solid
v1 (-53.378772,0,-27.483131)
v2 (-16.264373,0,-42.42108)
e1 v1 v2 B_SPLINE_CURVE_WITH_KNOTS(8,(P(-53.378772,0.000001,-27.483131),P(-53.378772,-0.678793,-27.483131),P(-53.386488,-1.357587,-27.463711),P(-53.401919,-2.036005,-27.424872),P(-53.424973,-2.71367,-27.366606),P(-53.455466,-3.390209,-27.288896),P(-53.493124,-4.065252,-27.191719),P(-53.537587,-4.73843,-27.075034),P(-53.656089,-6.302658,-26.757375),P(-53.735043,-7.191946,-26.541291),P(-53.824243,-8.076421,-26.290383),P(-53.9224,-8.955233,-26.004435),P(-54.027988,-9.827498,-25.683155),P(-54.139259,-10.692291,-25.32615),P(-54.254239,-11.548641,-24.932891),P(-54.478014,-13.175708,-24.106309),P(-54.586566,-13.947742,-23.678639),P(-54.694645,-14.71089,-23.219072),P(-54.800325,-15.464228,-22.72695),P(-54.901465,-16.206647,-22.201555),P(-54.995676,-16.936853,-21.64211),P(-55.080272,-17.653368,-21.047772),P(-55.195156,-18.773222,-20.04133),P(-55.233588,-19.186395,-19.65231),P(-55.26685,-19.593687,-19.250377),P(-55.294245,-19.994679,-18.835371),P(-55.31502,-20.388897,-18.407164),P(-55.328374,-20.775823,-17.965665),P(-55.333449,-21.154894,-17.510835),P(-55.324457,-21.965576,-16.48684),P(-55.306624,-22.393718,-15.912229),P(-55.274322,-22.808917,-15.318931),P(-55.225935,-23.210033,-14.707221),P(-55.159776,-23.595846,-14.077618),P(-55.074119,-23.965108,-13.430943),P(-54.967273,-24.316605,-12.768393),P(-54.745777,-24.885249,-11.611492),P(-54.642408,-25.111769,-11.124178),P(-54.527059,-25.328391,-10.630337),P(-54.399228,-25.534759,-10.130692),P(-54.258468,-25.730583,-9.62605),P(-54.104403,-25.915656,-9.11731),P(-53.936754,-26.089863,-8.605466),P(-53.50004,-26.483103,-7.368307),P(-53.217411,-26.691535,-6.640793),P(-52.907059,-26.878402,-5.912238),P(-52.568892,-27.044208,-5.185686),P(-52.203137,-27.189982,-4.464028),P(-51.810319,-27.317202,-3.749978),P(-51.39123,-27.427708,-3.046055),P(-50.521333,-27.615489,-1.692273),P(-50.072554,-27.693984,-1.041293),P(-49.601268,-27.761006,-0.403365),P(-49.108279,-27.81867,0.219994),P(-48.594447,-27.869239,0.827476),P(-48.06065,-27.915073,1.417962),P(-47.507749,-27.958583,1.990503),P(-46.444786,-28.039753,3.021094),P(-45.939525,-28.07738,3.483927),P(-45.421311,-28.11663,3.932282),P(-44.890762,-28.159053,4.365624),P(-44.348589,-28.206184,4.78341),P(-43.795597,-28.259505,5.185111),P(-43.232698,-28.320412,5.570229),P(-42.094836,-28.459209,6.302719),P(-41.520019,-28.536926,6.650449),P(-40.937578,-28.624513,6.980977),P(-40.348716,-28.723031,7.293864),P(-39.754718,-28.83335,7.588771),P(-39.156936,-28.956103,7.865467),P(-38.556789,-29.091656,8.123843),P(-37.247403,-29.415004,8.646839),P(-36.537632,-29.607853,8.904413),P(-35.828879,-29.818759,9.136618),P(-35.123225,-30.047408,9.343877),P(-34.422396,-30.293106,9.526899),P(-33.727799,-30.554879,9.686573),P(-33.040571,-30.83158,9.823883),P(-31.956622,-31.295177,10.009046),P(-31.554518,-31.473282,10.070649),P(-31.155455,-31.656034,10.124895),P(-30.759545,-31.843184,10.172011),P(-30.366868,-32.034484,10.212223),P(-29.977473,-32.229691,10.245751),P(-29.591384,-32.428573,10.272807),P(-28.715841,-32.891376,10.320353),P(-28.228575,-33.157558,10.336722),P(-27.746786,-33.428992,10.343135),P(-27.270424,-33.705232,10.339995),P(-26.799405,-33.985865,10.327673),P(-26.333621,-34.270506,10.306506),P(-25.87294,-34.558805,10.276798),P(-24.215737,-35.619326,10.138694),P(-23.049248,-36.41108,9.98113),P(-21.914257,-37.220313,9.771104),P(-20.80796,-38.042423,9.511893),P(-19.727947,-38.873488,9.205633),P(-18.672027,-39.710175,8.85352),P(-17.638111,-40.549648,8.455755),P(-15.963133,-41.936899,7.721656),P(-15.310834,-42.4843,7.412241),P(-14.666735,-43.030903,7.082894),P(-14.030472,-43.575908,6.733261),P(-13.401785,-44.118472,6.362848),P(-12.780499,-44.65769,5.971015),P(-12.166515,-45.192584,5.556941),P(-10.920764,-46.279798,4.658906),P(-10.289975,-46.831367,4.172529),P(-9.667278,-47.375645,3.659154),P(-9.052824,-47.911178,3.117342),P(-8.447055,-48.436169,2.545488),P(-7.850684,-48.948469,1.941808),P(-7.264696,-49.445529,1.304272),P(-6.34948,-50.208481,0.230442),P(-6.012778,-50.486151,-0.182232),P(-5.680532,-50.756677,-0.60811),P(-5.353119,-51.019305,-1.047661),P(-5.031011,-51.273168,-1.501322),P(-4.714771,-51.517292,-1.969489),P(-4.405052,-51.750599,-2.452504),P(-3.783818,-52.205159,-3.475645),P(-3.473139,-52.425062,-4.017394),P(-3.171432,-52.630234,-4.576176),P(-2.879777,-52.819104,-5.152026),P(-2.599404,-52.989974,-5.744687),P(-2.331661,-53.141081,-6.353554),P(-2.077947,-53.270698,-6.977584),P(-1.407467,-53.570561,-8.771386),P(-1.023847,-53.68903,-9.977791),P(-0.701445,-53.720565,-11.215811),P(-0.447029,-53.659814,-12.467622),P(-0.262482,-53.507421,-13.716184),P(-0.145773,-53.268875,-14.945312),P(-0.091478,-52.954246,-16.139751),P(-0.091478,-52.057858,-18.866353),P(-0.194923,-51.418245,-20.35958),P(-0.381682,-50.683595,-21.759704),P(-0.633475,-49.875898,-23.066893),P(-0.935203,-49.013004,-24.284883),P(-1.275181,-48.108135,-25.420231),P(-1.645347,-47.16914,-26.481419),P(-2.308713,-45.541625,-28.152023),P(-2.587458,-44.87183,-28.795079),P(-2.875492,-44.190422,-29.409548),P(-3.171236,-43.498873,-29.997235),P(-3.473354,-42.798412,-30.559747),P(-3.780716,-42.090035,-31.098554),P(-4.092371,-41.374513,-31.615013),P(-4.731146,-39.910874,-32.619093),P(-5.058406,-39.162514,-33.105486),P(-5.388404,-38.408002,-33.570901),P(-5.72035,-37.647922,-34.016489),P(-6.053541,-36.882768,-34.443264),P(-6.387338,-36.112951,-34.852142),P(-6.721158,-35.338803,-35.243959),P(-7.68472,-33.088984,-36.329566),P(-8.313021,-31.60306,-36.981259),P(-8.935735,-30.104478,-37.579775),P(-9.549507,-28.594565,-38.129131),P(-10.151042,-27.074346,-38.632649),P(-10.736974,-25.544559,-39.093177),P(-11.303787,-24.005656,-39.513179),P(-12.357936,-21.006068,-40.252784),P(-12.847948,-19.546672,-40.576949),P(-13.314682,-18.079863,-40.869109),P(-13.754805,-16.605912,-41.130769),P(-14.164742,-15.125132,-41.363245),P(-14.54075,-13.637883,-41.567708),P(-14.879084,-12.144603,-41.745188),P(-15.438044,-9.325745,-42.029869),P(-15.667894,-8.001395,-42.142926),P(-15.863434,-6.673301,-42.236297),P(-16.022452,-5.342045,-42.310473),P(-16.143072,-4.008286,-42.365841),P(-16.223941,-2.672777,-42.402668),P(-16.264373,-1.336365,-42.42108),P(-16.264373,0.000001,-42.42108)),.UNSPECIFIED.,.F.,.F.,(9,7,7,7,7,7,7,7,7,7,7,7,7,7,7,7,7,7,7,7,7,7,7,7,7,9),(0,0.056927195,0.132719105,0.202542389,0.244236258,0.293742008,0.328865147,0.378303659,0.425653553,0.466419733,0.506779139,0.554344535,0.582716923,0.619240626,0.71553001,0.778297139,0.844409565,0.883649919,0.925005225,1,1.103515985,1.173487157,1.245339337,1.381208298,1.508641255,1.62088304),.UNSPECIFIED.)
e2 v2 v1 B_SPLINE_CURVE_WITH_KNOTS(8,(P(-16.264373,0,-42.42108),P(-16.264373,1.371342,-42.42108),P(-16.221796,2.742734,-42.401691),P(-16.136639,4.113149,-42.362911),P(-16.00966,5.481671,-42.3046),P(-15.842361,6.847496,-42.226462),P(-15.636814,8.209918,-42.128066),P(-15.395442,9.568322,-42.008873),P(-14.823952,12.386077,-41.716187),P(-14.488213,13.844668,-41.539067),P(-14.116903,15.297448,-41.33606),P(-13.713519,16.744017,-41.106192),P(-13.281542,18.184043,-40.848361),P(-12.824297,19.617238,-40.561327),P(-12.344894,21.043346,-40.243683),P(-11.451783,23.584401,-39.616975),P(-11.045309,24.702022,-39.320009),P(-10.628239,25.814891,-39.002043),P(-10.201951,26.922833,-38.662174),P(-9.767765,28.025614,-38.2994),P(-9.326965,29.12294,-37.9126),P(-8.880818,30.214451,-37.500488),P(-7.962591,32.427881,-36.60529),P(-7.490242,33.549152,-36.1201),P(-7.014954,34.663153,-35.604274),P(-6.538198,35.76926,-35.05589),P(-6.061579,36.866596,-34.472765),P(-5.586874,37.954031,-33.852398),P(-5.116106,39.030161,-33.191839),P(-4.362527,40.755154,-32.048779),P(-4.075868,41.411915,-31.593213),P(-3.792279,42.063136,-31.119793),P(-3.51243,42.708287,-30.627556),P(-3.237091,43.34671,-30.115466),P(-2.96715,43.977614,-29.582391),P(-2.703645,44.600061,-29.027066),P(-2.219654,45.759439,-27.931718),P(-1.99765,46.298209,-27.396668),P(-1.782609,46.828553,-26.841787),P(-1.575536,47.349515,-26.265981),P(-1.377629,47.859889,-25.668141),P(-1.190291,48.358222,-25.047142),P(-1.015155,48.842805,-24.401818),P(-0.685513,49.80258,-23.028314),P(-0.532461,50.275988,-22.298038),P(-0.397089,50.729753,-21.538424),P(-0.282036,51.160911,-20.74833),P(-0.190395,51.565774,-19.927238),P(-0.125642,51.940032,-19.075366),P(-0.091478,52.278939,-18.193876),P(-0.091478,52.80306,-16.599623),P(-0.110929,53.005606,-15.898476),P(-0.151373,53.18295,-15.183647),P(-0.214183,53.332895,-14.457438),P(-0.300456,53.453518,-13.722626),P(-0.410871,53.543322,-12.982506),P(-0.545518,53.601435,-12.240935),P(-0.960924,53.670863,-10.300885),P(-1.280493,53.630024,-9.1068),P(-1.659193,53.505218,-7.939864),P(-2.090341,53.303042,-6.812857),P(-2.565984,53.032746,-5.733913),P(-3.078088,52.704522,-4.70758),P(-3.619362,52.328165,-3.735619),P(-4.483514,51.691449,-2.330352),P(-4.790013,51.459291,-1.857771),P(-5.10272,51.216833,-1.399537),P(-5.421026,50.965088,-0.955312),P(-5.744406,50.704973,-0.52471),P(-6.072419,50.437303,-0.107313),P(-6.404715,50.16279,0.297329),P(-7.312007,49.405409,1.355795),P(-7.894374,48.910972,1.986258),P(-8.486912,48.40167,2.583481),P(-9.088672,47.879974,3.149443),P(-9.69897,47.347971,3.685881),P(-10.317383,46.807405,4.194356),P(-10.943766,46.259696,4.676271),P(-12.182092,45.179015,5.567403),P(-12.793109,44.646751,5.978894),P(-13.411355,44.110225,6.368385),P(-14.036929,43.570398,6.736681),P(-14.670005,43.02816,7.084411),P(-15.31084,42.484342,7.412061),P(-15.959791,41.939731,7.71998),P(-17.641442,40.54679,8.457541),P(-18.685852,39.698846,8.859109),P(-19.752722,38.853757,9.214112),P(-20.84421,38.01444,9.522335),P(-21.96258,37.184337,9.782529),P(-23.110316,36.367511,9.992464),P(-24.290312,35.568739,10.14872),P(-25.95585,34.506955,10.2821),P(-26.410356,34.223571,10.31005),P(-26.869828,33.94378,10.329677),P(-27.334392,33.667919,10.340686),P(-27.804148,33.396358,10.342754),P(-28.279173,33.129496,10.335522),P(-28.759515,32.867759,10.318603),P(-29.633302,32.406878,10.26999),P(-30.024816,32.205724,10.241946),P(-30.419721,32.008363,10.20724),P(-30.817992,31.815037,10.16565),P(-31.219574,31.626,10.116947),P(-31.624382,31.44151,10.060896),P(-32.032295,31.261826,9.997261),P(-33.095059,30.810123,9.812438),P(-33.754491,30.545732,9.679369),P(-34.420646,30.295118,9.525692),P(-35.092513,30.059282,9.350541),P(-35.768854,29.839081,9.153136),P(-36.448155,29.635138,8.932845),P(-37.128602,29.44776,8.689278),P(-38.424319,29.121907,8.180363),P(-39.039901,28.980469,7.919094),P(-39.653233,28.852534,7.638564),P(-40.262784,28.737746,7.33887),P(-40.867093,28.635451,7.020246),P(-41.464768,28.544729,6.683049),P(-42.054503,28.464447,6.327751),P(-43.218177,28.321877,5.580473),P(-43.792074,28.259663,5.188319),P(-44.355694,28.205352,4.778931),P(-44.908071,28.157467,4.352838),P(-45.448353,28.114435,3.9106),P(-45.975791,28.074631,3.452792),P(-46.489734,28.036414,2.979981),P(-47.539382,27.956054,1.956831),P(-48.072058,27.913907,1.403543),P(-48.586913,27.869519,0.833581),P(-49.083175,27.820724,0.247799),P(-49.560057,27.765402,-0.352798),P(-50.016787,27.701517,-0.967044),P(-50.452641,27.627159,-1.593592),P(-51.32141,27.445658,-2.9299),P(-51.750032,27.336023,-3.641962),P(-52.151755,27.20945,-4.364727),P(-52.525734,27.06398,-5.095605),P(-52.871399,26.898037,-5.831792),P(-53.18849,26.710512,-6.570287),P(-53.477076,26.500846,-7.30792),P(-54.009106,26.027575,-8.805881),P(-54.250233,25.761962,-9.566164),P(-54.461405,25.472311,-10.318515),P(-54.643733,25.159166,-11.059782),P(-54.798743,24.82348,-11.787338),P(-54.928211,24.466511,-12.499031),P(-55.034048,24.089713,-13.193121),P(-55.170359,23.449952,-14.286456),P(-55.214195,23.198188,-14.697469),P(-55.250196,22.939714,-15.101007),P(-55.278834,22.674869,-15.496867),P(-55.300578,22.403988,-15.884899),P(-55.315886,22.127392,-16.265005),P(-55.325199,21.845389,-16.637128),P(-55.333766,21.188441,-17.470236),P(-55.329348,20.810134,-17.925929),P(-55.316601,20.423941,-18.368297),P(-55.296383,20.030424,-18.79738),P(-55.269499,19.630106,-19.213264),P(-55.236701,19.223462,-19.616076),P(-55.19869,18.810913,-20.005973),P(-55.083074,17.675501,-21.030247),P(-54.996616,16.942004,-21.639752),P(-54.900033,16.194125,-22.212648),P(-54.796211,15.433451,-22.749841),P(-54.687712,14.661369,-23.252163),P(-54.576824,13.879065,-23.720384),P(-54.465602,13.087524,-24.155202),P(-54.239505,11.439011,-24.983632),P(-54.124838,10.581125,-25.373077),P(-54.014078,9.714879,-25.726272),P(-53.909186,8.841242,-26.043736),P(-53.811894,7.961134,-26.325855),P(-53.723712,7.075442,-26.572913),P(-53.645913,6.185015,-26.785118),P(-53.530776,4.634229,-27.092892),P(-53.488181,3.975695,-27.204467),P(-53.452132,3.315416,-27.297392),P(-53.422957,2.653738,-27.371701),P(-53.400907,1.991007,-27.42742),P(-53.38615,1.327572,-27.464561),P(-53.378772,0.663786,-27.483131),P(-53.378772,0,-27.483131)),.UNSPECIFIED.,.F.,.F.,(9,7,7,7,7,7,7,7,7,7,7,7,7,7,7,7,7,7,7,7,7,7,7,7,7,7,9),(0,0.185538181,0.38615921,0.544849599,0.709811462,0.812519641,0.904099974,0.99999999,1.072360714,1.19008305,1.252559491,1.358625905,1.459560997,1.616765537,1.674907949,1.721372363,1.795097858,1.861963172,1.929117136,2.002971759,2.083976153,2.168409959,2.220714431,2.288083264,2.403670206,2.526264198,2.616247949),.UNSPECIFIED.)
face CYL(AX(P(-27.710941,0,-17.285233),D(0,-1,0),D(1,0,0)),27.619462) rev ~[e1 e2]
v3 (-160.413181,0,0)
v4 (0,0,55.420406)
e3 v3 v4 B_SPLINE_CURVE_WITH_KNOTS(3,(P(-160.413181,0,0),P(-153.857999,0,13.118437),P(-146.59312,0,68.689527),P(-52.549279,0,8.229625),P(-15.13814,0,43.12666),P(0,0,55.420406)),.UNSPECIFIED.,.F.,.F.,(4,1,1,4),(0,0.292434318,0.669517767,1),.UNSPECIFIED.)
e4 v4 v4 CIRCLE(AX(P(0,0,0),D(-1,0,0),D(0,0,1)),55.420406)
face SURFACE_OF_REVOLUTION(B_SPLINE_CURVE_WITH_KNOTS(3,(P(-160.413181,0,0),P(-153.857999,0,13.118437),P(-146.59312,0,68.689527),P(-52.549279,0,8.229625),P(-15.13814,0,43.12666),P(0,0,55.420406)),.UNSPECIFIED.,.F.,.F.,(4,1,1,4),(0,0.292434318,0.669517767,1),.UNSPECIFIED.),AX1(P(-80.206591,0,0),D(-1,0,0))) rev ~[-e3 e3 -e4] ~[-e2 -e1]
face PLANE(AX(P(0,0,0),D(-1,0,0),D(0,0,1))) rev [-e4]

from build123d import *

# Parameters (mm, degrees)
F2_R          = 27.619462393
F3_DEPTH      = 55.4214062627
F3_DEPTH_BACK = 55.4214062627


with BuildPart() as f1:
    # F0 (on Front) → F1 (revolve)
    with BuildSketch(Plane.XZ):
        with BuildLine():
            add(Edge.make_bspline(
                [(-160.4131810332, 0), (-153.8579986201, 13.1184365741), (-146.5931204529, 68.6895273272), (-52.549279311, 8.2296253432), (-15.138139965, 43.1266595132), (0, 55.4204061627)],
                knots=[0, 0, 0, 0, 0.2924343178, 0.6695177669, 1, 1, 1, 1], degree=3))
            Line((-160.4131810332, 0), (0, 0))
            Line((0, 0), (0, 55.4204061627))
        make_face()
    revolve(axis=Axis((-80.2065905166, 0, 0), (-1, 0, 0)))

    # F2 (on Front) → F3 (cut, two sides)
    with BuildSketch(Plane.XZ) as f3_sk:
        with Locations((-27.7109406888, -17.2852333635)):
            Circle(F2_R)
    extrude(amount=-F3_DEPTH, mode=Mode.SUBTRACT)
    extrude(f3_sk.sketch, amount=F3_DEPTH_BACK, mode=Mode.SUBTRACT)


solid = f1.part
